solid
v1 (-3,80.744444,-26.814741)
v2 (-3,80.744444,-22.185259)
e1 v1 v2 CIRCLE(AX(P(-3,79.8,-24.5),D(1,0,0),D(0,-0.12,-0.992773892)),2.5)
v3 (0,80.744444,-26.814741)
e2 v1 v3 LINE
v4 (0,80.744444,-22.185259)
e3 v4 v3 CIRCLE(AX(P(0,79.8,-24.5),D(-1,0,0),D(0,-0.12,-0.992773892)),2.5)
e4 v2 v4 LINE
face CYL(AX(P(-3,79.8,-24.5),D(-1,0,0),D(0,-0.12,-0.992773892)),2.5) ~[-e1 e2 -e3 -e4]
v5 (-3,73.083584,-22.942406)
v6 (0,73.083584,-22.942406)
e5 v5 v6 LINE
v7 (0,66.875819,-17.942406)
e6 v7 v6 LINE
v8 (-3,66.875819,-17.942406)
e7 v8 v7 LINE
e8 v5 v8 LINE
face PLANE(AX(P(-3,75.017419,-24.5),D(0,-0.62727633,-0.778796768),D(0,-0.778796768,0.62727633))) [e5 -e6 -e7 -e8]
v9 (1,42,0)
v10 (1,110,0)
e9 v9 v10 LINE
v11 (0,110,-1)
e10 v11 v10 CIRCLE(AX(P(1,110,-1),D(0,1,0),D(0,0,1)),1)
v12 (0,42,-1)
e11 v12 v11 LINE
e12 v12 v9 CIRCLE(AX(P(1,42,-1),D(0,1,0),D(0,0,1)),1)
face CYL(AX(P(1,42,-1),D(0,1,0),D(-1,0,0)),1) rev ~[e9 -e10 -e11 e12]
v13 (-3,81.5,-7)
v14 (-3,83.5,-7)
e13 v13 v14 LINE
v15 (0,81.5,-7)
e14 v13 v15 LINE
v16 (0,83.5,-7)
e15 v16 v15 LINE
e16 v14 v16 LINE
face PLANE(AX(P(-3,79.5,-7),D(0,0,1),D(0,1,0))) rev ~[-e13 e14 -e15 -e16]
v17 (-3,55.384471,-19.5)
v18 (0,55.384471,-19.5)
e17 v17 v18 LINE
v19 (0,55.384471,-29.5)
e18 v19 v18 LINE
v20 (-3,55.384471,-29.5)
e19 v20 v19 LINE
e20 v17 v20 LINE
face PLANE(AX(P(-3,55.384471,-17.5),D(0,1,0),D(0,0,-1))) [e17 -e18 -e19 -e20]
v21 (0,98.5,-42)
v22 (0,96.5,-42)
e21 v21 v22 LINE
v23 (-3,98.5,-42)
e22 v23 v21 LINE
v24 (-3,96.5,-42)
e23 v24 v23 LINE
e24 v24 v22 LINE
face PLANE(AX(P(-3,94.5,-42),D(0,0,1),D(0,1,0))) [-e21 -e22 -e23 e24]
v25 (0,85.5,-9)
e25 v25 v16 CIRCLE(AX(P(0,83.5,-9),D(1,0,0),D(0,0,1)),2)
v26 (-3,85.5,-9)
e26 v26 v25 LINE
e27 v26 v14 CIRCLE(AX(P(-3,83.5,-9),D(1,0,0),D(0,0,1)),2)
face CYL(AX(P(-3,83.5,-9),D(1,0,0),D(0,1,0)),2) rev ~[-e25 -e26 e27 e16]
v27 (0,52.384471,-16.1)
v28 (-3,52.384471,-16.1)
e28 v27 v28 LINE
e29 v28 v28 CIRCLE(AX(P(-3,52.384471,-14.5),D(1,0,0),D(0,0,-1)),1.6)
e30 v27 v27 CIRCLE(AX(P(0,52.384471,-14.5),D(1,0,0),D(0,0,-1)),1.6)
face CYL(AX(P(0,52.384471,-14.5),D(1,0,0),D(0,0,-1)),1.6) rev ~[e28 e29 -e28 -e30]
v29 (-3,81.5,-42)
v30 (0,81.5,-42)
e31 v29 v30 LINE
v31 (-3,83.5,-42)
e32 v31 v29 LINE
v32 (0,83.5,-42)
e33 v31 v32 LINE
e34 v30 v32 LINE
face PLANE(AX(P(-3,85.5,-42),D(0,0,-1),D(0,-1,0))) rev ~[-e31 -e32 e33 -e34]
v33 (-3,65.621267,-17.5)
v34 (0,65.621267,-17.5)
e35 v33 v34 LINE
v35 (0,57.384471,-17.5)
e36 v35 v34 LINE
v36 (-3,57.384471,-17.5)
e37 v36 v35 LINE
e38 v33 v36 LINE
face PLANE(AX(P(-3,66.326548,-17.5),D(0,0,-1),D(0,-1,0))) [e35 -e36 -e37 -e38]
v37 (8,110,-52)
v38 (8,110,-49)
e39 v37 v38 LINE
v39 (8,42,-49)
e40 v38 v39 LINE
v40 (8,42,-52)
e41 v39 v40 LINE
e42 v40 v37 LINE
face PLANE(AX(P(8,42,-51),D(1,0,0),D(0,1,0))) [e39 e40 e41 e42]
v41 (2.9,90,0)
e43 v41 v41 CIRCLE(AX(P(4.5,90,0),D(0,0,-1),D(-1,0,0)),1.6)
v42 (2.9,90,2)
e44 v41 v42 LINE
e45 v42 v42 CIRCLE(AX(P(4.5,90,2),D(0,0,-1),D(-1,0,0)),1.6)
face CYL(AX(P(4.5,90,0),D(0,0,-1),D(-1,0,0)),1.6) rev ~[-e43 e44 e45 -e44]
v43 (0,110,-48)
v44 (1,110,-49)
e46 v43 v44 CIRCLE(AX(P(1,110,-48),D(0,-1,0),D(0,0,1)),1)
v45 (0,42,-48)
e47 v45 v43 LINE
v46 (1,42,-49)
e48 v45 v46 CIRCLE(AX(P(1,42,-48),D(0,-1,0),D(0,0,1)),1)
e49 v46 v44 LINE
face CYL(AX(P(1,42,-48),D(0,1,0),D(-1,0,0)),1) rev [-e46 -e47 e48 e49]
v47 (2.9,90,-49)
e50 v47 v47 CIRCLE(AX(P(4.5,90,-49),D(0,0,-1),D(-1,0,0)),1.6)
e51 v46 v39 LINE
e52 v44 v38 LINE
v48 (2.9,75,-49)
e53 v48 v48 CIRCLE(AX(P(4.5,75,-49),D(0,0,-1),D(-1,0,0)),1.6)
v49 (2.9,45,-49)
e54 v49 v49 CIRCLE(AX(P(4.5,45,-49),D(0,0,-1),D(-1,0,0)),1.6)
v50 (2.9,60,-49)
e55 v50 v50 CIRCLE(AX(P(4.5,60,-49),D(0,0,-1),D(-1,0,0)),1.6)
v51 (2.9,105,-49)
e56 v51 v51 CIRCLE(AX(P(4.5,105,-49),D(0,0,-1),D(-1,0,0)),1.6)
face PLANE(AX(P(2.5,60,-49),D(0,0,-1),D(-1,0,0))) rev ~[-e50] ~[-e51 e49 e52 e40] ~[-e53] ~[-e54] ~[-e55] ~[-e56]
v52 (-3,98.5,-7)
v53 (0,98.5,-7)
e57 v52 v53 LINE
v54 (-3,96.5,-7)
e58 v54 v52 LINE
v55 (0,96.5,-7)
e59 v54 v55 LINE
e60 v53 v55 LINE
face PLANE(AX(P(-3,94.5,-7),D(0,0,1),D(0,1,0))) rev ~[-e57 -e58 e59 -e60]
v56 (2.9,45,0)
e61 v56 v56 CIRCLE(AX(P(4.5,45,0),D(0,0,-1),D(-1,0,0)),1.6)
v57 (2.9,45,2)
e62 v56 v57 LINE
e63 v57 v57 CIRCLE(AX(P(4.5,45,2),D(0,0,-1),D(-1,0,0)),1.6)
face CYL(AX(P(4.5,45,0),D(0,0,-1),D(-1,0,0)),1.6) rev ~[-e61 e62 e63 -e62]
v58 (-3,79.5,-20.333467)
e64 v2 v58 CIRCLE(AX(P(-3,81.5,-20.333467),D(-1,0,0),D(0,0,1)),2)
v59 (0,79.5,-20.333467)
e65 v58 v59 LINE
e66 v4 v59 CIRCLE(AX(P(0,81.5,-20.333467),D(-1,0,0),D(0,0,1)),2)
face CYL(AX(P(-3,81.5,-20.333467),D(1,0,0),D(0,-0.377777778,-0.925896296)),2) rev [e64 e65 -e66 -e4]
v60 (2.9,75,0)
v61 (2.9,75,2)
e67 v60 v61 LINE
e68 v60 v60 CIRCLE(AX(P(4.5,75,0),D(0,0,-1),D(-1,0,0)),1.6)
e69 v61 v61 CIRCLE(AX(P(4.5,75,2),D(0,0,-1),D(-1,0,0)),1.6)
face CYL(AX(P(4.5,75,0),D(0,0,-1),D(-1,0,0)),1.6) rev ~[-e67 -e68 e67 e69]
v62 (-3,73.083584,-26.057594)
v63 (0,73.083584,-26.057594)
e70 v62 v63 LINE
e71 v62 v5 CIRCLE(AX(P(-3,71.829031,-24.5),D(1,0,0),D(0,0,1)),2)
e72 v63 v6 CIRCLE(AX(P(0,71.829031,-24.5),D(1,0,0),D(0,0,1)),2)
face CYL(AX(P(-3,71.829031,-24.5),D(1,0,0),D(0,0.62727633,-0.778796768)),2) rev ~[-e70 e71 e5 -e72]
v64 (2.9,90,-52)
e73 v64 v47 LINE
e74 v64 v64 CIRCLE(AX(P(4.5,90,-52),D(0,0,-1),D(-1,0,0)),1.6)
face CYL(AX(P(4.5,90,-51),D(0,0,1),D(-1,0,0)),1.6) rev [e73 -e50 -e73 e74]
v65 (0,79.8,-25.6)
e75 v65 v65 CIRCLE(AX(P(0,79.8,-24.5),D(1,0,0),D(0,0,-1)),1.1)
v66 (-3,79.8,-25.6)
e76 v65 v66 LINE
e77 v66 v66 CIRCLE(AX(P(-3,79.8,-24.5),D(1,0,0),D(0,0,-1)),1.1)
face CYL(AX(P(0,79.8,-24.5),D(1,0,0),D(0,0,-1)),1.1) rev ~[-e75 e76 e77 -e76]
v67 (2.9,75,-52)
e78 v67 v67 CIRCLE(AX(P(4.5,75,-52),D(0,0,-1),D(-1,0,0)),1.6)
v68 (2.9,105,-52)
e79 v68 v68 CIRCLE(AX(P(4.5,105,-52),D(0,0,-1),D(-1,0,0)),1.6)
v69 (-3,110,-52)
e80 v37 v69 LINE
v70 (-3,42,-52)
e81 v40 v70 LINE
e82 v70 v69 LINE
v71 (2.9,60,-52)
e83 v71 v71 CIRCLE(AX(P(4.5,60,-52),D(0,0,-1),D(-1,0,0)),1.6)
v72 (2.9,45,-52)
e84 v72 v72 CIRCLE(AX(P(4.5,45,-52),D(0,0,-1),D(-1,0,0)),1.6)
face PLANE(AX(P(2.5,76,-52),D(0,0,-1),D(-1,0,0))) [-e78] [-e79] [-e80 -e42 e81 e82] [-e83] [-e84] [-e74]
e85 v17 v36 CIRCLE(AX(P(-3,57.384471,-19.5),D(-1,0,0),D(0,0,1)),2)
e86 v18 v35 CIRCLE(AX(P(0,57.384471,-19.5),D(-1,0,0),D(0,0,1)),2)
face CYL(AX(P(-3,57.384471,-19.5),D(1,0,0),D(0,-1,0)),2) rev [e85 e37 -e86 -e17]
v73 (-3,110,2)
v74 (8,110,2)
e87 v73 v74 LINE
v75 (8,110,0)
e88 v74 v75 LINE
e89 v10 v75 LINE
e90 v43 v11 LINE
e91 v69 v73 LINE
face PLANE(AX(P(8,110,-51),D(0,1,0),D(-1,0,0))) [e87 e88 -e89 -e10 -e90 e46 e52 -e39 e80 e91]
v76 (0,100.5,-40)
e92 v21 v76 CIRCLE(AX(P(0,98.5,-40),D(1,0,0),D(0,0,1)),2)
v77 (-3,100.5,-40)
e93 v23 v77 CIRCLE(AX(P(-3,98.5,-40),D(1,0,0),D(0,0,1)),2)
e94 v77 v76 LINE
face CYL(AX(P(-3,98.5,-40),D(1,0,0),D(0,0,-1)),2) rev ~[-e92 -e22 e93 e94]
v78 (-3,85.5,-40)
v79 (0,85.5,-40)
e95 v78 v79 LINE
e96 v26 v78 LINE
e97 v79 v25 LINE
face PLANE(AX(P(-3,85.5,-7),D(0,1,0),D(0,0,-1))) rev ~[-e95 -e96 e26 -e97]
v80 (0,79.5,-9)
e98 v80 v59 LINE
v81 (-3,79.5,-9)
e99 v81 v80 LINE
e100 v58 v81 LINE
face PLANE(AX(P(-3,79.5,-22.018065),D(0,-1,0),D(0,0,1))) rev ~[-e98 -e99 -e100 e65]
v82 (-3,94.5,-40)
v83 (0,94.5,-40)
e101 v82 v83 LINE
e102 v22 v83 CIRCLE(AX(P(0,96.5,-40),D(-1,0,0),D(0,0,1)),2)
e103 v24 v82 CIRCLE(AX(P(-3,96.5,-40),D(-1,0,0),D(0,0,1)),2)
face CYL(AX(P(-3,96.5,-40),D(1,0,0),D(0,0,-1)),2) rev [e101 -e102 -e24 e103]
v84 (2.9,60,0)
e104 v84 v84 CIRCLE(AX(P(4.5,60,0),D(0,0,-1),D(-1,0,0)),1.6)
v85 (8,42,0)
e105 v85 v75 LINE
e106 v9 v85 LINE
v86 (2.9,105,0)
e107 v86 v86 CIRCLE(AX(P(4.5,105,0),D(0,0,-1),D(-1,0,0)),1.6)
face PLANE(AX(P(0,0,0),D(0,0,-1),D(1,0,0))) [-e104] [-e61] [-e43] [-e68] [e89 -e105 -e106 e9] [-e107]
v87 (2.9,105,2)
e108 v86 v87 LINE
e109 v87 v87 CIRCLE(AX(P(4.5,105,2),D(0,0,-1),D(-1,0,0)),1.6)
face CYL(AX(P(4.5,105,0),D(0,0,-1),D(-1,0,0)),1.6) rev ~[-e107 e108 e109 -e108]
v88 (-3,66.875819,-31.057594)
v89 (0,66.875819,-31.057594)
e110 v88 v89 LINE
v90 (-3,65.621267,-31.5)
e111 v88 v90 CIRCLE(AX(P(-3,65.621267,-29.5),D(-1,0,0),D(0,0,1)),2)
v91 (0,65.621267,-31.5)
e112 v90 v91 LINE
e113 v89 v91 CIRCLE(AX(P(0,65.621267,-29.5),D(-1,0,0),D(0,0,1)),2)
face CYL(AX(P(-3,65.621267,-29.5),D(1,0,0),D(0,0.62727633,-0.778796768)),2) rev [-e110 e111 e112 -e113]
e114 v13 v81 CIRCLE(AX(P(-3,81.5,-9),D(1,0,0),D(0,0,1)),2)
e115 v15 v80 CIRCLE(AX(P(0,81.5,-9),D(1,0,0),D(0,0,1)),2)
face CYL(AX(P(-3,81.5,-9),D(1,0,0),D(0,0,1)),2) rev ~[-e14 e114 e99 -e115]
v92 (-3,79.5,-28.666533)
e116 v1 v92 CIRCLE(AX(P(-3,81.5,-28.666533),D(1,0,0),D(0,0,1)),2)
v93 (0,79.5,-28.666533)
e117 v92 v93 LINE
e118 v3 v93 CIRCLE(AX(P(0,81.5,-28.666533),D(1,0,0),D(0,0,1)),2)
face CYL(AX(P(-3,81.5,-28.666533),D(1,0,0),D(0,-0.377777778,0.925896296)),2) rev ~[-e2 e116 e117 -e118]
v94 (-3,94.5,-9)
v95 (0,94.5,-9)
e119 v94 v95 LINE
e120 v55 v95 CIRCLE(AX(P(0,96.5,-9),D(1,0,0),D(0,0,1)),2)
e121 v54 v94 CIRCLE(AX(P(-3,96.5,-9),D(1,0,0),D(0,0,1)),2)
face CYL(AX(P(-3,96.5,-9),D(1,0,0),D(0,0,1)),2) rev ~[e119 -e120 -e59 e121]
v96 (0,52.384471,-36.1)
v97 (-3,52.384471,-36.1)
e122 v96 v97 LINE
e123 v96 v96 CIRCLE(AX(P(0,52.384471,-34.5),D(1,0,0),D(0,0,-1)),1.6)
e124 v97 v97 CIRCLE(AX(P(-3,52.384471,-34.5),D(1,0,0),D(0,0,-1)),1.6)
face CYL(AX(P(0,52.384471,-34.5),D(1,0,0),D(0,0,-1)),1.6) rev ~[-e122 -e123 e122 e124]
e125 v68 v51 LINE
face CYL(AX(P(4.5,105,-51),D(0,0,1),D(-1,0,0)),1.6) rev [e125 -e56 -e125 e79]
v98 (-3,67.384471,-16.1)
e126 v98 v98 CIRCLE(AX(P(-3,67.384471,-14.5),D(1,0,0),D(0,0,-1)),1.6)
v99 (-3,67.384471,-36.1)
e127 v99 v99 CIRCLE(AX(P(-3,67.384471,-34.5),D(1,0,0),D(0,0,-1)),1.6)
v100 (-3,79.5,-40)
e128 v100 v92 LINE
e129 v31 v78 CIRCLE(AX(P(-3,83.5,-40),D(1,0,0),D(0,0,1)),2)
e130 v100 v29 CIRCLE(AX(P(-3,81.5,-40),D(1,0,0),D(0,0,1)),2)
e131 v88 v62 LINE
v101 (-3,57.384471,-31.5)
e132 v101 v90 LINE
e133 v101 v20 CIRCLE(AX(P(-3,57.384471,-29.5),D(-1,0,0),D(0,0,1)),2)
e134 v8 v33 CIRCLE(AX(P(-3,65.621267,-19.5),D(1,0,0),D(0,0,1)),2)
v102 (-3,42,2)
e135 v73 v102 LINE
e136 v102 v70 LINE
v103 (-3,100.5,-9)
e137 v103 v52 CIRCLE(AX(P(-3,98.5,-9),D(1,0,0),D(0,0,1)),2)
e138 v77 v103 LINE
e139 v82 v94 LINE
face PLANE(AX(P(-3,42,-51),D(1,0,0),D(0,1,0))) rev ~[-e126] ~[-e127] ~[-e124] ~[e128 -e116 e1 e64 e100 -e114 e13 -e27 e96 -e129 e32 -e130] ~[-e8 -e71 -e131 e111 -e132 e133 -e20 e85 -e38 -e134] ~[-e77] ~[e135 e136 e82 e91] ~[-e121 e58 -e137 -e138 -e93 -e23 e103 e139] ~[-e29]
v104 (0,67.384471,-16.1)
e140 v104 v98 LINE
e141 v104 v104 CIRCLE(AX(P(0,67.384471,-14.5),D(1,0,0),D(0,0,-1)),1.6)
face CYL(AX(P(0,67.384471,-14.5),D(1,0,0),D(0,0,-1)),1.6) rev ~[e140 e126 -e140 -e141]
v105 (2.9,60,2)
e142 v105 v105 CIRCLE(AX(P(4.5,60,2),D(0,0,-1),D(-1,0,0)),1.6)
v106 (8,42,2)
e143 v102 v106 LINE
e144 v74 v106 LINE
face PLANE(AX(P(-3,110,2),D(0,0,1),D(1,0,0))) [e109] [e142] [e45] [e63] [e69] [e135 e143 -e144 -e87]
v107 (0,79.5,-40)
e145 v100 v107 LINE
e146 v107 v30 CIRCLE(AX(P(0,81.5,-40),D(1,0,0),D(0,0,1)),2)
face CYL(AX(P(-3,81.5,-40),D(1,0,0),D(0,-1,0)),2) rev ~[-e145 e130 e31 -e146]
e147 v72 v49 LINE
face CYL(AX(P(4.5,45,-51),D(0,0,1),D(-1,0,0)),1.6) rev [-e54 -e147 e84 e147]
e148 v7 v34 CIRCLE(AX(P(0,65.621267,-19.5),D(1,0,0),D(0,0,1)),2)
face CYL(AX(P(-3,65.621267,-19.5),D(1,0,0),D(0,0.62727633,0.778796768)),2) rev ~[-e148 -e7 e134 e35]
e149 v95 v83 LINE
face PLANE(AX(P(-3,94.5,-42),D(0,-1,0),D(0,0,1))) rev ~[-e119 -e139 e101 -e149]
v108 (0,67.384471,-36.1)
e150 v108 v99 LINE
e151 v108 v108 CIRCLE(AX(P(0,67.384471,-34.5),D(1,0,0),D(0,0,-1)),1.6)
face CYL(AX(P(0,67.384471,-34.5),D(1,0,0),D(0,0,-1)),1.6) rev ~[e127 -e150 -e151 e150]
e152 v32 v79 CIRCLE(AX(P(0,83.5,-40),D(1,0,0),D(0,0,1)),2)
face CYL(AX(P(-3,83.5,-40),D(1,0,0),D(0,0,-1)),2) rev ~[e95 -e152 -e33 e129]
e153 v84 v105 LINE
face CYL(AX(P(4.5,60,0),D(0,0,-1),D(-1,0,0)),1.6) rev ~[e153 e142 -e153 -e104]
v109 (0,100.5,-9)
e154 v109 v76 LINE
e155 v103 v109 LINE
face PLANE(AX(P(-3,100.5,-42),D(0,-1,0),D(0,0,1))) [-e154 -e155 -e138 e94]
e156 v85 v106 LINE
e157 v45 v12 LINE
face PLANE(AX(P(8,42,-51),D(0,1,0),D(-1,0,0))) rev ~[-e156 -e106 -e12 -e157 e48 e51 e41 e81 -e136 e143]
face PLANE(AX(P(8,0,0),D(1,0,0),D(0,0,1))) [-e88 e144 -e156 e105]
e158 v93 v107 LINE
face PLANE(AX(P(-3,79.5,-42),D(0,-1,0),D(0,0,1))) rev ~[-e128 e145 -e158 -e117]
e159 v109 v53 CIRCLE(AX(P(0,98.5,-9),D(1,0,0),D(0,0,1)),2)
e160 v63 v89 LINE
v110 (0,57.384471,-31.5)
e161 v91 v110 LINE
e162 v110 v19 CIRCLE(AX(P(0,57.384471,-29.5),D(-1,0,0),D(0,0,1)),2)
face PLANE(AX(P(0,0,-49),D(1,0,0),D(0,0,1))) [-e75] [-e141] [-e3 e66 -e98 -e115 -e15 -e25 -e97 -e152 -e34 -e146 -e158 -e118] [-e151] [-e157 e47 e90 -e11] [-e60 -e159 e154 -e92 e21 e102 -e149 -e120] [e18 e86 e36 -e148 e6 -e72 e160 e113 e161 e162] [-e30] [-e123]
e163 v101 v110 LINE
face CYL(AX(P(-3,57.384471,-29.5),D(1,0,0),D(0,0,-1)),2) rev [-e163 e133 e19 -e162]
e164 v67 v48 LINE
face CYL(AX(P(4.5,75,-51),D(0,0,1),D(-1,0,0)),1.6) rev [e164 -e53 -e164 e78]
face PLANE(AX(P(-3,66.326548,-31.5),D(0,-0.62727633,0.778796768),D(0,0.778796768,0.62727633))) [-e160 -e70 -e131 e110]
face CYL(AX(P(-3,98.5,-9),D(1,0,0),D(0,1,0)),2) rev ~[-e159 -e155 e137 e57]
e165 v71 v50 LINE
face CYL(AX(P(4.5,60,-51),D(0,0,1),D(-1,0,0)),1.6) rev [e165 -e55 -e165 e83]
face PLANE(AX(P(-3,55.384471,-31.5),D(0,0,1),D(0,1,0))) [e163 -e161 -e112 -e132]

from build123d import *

# Parameters (mm, degrees)
EXTRUDE_1_DEPTH          = 120
SKETCH_2_R               = 1.6
CUT_EXTRUDE_1_DEPTH      = 120
SKETCH_3_R               = 1.6
CUT_EXTRUDE_2_DEPTH      = 10
SKETCH_4_R               = 1.1
CUT_EXTRUDE_3_DEPTH      = 12
SKETCH_5_W               = 11
SKETCH_5_H               = 120
EXTRUDE_2_DEPTH          = 2
SKETCH_6_W               = 49
SKETCH_6_H               = 30
CUT_EXTRUDE_4_DEPTH      = 10
CUT_EXTRUDE_5_DEPTH      = 42
CUT_EXTRUDE_5_DEPTH_BACK = 16
SKETCH_7_W               = 3
SKETCH_7_H               = 30
CUT_EXTRUDE_6_DEPTH      = 35
CUT_EXTRUDE_6_DEPTH_BACK = 11
SKETCH_8_W               = 52
SKETCH_8_H               = 12
SKETCH_9_W               = 2
SKETCH_9_H               = 42
CUT_EXTRUDE_7_DEPTH      = 20
SKETCH_10_W              = 11
SKETCH_10_H              = 54
CUT_EXTRUDE_8_DEPTH      = 10
SKETCH_11_W              = 11
SKETCH_11_H              = 68
SKETCH_11_R              = 1.6
EXTRUDE_3_DEPTH          = 1
SKETCH_12_W              = 11
SKETCH_12_H              = 1
CUT_EXTRUDE_9_DEPTH      = 91
CUT_EXTRUDE_10_DEPTH     = 10
SKETCH_14_W              = 35
SKETCH_14_H              = 6
CUT_EXTRUDE_11_DEPTH     = 10
FILLET_1_R               = 2
FILLET_2_R               = 1


with BuildPart() as part:
    # 草图1 → 凸台-拉伸1 (new body)
    with BuildSketch(Plane(origin=(0, 0, 0), x_dir=(1, 0, 0), z_dir=(0, 1, 0))):
        Polygon((0, 0), (8, 0), (8, -3), (-3, -3), (-3, 49), (0, 49), align=None)
    extrude(amount=EXTRUDE_1_DEPTH)

    # 草图2 → 切除-拉伸1 (cut)
    with BuildSketch(Plane(origin=(0, 0, 0), x_dir=(-1, 0, 0), z_dir=(0, 0, -1))):
        with Locations((-4.5, 60)):
            Circle(SKETCH_2_R)
        with Locations((-4.5, 45)):
            Circle(SKETCH_2_R)
        with Locations((-4.5, 30)):
            Circle(SKETCH_2_R)
        with Locations((-4.5, 15)):
            Circle(SKETCH_2_R)
        with Locations((-4.5, 75)):
            Circle(SKETCH_2_R)
        with Locations((-4.5, 90)):
            Circle(SKETCH_2_R)
        with Locations((-4.5, 105)):
            Circle(SKETCH_2_R)
    cut_extrude_1 = extrude(amount=-CUT_EXTRUDE_1_DEPTH, mode=Mode.SUBTRACT)

    # 草图3 → 切除-拉伸2 (cut)
    with BuildSketch(Plane(origin=(0, 0, 0), x_dir=(0, 0, -1), z_dir=(1, 0, 0))):
        with Locations((14.5, 7.384470662)):
            Circle(SKETCH_3_R)
        with Locations((14.5, 22.384470662)):
            Circle(SKETCH_3_R)
        with Locations((14.5, 37.384470662)):
            Circle(SKETCH_3_R)
        with Locations((14.5, 52.384470662)):
            Circle(SKETCH_3_R)
        with Locations((14.5, 67.384470662)):
            Circle(SKETCH_3_R)
        with Locations((34.5, 67.384470662)):
            Circle(SKETCH_3_R)
        with Locations((34.5, 52.384470662)):
            Circle(SKETCH_3_R)
        with Locations((34.5, 37.384470662)):
            Circle(SKETCH_3_R)
        with Locations((34.5, 22.384470662)):
            Circle(SKETCH_3_R)
        with Locations((34.5, 7.384470662)):
            Circle(SKETCH_3_R)
    extrude(amount=-CUT_EXTRUDE_2_DEPTH, mode=Mode.SUBTRACT)

    # 草图4 → 切除-拉伸3 (cut)
    with BuildSketch(Plane(origin=(0, 0, 0), x_dir=(0, 0, -1), z_dir=(1, 0, 0))):
        with Locations((15.7, 117)):
            Circle(SKETCH_4_R)
        with Locations((33.3, 117)):
            Circle(SKETCH_4_R)
        with Locations((24.5, 79.8)):
            Circle(SKETCH_4_R)
    extrude(amount=-CUT_EXTRUDE_3_DEPTH, mode=Mode.SUBTRACT)

    # 草图5 → 凸台-拉伸2 (add)
    with BuildSketch(Plane(origin=(0, 0, -49), x_dir=(-1, 0, 0), z_dir=(0, 0, -1))):
        with Locations((-2.5, 60)):
            Rectangle(SKETCH_5_W, SKETCH_5_H)
    extrude(amount=EXTRUDE_2_DEPTH)

    # 镜向3: 切除-拉伸1 across plane
    add(cut_extrude_1.mirror(Plane(origin=(0, 0, -24.5), x_dir=(1, 0, 0), z_dir=(0, 0, -1))), mode=Mode.SUBTRACT)

    # 草图6 → 切除-拉伸4 (cut)
    with BuildSketch(Plane(origin=(0, 0, 0), x_dir=(0, 0, -1), z_dir=(1, 0, 0))):
        with Locations((24.5, 15)):
            Rectangle(SKETCH_6_W, SKETCH_6_H)
    extrude(amount=-CUT_EXTRUDE_4_DEPTH, mode=Mode.SUBTRACT)

    # 草图7 → 切除-拉伸5 (cut, two sides: drawn at the far end of the back side and taken through both)
    with BuildSketch(Plane(origin=(0, 0, 0), x_dir=(0, 0, -1), z_dir=(1, 0, 0)).offset(-CUT_EXTRUDE_5_DEPTH_BACK)):
        with Locations((-1.5, 15)):
            Rectangle(SKETCH_7_W, SKETCH_7_H)
    extrude(amount=CUT_EXTRUDE_5_DEPTH + CUT_EXTRUDE_5_DEPTH_BACK, mode=Mode.SUBTRACT)

    # 草图8 → 切除-拉伸6 (cut, two sides: drawn at the far end of the back side and taken through both)
    with BuildSketch(Plane(origin=(0, 0, 0), x_dir=(0, 0, -1), z_dir=(1, 0, 0)).offset(-CUT_EXTRUDE_6_DEPTH_BACK)):
        with Locations((23, 36)):
            Rectangle(SKETCH_8_W, SKETCH_8_H)
    extrude(amount=CUT_EXTRUDE_6_DEPTH + CUT_EXTRUDE_6_DEPTH_BACK, mode=Mode.SUBTRACT)

    # 草图9 → 切除-拉伸7 (cut)
    with BuildSketch(Plane.ZY.offset(3)):
        with Locations((-50, 21)):
            Rectangle(SKETCH_9_W, SKETCH_9_H)
    extrude(amount=-CUT_EXTRUDE_7_DEPTH, mode=Mode.SUBTRACT)

    # 草图10 → 切除-拉伸8 (cut)
    with BuildSketch(Plane(origin=(0, 120, 0), x_dir=(1, 0, 0), z_dir=(0, 1, 0))):
        with Locations((2.5, 24)):
            Rectangle(SKETCH_10_W, SKETCH_10_H)
    extrude(amount=-CUT_EXTRUDE_8_DEPTH, mode=Mode.SUBTRACT)

    # 草图11 → 凸台-拉伸3 (add)
    with BuildSketch(Plane(origin=(0, 0, -51), x_dir=(-1, 0, 0), z_dir=(0, 0, -1))):
        with Locations((-2.5, 76)):
            Rectangle(SKETCH_11_W, SKETCH_11_H)
        with Locations((-4.5, 105)):
            Circle(SKETCH_11_R, mode=Mode.SUBTRACT)
        with Locations((-4.5, 45)):
            Circle(SKETCH_11_R, mode=Mode.SUBTRACT)
        with Locations((-4.5, 60)):
            Circle(SKETCH_11_R, mode=Mode.SUBTRACT)
        with Locations((-4.5, 75)):
            Circle(SKETCH_11_R, mode=Mode.SUBTRACT)
        with Locations((-4.5, 90)):
            Circle(SKETCH_11_R, mode=Mode.SUBTRACT)
    extrude(amount=EXTRUDE_3_DEPTH)

    # 草图12 → 切除-拉伸9 (cut)
    with BuildSketch(Plane(origin=(0, 110, 0), x_dir=(1, 0, 0), z_dir=(0, 1, 0))):
        with Locations((2.5, -2.5)):
            Rectangle(SKETCH_12_W, SKETCH_12_H)
    extrude(amount=-CUT_EXTRUDE_9_DEPTH, mode=Mode.SUBTRACT)

    # 草图13 → 切除-拉伸10 (cut)
    with BuildSketch(Plane.ZY.offset(3)):
        Polygon((-31.5, 66.326548237), (-24.5, 75.017418774), (-17.5, 66.326548237), (-17.5, 55.384470662), (-31.5, 55.384470662), align=None)
    extrude(amount=-CUT_EXTRUDE_10_DEPTH, mode=Mode.SUBTRACT)

    # 草图14 → 切除-拉伸11 (cut)
    with BuildSketch(Plane.ZY.offset(3)):
        with Locations((-24.5, 97.5)):
            Rectangle(SKETCH_14_W, SKETCH_14_H)
        with BuildLine():
            Line((-22.018065271, 79.5), (-7, 79.5))
            Line((-7, 79.5), (-7, 85.5))
            Line((-7, 85.5), (-42, 85.5))
            Line((-42, 85.5), (-42, 79.5))
            Line((-42, 79.5), (-26.981934729, 79.5))
            ThreePointArc((-26.981934729, 79.5), (-24.5, 82.3), (-22.018065271, 79.5))
        make_face()
    extrude(amount=-CUT_EXTRUDE_11_DEPTH, mode=Mode.SUBTRACT)

    # 圆角1
    fillet_1_edges = [part.edges().sort_by_distance(p)[0] for p in [
        (-1.5, 55.384470662, -31.5),
        (-1.5, 66.326548237, -31.5),
        (-1.5, 75.017418774, -24.5),
        (-1.5, 66.326548237, -17.5),
        (-1.5, 55.384470662, -17.5),
        (-1.5, 100.5, -7),
        (-1.5, 94.5, -7),
        (-1.5, 94.5, -42),
        (-1.5, 100.5, -42),
        (-1.5, 85.5, -7),
        (-1.5, 79.5, -7),
        (-1.5, 79.5, -22.018065271),
        (-1.5, 79.5, -26.981934729),
        (-1.5, 79.5, -42),
        (-1.5, 85.5, -42),
    ]]
    fillet(fillet_1_edges, radius=FILLET_1_R)

    # 圆角2
    fillet_2_edges = [part.edges().sort_by_distance(p)[0] for p in [
        (0, 76, -49),
        (0, 76, 0),
    ]]
    fillet(fillet_2_edges, radius=FILLET_2_R)


solid = part.part
